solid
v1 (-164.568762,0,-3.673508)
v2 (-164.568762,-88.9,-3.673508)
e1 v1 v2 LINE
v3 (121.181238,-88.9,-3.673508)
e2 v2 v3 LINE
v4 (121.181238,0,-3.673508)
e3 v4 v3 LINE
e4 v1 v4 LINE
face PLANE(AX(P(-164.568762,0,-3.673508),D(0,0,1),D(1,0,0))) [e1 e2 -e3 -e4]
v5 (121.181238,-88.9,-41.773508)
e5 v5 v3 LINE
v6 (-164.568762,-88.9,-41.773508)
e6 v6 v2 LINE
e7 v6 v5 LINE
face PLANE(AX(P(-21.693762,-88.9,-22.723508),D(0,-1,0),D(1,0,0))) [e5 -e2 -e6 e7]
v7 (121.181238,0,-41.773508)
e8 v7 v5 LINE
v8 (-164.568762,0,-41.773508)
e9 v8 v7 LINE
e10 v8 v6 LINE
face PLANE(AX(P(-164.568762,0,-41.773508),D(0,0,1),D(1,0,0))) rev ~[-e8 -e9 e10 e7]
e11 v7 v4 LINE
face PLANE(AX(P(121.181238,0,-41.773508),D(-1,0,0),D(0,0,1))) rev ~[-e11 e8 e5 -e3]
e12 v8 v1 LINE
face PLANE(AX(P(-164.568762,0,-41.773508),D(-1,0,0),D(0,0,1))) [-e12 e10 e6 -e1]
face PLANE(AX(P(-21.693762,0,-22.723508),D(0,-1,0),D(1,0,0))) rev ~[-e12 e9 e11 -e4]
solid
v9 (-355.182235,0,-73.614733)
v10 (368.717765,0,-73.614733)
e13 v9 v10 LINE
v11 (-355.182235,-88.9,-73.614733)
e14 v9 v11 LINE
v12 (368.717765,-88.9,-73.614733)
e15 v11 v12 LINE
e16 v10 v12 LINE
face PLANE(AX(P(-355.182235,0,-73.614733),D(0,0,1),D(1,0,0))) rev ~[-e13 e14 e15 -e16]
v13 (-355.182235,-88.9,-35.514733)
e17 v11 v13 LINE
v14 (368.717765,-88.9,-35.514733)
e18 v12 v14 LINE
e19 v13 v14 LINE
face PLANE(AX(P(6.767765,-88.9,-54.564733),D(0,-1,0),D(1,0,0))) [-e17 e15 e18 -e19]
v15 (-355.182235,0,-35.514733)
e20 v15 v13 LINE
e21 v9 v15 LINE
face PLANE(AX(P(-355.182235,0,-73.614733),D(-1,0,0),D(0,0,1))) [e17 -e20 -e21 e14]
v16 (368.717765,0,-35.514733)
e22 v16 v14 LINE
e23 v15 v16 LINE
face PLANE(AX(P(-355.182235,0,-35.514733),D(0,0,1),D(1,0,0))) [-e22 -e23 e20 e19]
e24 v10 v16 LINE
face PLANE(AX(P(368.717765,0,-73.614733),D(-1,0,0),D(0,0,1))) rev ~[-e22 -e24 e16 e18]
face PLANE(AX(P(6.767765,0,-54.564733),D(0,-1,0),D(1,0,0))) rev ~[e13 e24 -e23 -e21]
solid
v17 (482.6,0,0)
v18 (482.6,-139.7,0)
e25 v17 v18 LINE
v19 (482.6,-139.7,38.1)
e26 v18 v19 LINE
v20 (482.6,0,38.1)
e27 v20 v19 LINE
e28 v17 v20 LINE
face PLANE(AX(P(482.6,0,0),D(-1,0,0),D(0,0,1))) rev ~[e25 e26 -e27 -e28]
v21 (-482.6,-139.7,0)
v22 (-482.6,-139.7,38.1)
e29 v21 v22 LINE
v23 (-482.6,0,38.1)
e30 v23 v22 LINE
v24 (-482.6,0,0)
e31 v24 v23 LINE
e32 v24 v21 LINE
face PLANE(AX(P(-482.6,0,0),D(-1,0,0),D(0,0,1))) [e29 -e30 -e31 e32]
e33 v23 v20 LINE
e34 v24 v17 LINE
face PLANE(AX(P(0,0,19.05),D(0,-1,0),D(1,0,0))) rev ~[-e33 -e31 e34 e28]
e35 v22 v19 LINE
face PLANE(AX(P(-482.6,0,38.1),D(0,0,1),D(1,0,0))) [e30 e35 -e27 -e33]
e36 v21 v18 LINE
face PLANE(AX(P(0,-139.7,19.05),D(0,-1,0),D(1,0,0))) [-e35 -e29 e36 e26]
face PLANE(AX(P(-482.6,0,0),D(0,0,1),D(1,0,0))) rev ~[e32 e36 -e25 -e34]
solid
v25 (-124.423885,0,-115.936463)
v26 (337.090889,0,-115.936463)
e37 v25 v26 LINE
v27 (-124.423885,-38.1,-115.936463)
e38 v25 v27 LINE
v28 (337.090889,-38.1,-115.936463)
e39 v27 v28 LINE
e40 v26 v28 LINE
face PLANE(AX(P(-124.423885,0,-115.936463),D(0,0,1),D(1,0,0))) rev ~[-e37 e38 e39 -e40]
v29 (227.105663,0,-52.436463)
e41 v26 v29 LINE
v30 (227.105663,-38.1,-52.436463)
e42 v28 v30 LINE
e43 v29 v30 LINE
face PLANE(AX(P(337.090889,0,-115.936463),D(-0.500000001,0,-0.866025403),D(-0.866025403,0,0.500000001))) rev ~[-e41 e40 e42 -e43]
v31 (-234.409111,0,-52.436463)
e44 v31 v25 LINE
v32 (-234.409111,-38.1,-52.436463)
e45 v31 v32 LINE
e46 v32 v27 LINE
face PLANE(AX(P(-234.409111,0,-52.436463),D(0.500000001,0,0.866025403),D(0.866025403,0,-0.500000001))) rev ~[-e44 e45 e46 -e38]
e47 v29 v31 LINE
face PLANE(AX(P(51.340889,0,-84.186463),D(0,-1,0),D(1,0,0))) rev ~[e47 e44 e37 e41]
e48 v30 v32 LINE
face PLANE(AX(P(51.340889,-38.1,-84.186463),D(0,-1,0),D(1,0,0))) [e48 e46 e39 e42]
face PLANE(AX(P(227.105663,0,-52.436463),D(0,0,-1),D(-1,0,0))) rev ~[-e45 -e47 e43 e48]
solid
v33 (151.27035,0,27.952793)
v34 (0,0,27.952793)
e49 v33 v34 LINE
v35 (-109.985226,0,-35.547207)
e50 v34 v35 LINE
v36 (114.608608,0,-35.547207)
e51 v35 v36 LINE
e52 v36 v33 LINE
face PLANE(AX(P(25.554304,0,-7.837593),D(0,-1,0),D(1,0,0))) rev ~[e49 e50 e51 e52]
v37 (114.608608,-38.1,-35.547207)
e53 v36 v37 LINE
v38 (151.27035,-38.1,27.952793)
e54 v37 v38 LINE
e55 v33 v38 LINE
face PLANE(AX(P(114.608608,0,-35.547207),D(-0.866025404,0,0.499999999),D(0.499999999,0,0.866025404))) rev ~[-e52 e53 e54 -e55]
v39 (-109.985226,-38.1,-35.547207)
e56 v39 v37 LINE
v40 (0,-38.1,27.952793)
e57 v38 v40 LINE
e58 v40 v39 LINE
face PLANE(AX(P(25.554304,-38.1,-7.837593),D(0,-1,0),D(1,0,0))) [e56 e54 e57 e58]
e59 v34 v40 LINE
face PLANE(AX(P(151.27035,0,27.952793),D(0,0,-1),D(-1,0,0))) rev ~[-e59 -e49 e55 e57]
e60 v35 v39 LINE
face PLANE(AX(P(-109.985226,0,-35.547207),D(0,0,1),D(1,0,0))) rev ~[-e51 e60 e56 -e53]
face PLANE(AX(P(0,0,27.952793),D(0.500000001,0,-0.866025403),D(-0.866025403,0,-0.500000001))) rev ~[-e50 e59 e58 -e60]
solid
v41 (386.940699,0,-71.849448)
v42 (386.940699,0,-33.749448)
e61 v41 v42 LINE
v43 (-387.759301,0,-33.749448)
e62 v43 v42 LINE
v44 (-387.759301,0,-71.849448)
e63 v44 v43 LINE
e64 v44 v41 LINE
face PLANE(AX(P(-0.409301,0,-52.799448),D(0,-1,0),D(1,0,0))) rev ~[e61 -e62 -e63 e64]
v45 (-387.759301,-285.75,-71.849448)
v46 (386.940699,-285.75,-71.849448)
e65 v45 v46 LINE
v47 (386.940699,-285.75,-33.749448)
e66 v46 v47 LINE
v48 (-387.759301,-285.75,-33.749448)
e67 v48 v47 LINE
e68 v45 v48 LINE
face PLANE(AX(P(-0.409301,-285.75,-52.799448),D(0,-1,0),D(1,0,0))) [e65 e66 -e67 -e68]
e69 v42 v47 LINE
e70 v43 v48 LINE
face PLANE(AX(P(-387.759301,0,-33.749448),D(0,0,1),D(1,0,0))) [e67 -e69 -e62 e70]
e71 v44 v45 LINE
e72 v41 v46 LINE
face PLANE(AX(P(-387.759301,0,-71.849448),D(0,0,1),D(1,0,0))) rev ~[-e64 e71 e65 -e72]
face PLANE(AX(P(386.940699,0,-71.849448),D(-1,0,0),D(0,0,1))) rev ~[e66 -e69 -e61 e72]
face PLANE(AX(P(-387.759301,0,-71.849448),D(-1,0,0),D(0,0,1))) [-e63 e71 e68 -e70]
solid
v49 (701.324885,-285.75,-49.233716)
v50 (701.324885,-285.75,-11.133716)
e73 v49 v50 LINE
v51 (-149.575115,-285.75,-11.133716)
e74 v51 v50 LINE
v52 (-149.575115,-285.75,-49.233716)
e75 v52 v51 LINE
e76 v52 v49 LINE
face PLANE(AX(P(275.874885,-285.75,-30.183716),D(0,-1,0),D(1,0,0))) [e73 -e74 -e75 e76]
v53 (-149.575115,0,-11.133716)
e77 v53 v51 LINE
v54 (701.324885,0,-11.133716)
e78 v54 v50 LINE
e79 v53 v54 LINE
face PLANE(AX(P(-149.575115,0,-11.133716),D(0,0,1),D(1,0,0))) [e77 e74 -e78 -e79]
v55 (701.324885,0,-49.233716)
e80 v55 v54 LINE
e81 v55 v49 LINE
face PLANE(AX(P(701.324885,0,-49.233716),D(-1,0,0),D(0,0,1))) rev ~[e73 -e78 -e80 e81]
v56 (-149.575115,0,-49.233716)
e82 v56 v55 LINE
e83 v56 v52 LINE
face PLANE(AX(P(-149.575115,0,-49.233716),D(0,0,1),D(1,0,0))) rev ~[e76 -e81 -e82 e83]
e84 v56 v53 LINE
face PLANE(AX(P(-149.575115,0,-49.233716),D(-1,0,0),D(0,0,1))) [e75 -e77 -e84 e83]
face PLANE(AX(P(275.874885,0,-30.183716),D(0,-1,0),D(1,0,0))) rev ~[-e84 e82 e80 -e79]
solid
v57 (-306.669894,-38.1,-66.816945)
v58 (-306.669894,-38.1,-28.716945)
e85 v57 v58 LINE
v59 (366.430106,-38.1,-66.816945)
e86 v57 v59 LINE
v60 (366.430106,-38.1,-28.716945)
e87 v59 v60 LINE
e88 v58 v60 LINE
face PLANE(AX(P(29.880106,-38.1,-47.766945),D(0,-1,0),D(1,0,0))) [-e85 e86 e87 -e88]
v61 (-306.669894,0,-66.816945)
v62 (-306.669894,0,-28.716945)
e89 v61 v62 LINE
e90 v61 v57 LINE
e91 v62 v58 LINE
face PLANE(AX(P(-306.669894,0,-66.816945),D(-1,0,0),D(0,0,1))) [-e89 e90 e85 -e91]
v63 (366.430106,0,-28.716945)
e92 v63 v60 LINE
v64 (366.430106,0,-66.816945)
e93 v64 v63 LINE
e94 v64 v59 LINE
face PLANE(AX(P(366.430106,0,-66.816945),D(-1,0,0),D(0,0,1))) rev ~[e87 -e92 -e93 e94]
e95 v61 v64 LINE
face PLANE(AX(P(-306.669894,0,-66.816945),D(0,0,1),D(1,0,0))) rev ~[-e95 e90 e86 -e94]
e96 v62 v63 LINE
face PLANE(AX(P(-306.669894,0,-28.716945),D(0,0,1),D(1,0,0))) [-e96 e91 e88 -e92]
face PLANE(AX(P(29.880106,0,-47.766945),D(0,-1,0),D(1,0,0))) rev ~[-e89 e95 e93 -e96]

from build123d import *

# Parameters (mm, degrees)
F0_W      = 965.2
F0_H      = 38.1
F1_DEPTH  = 139.7
F10_W     = 723.9
F10_H     = 38.1
F11_DEPTH = 88.9
F12_W     = 850.9
F12_H     = 38.1
F13_DEPTH = 285.75
F14_W     = 774.7
F14_H     = 38.1
F15_DEPTH = 285.75
F16_W     = 285.75
F16_H     = 38.1
F17_DEPTH = 88.9
F18_W     = 673.1
F18_H     = 38.1
F19_DEPTH = 38.1
F21_DEPTH = 38.1
F25_DEPTH = 38.1


with BuildPart() as f1:
    # F0 (on Front) → F1 (new body)
    with BuildSketch(Plane.XZ):
        with Locations((0, 19.05)):
            Rectangle(F0_W, F0_H)
    extrude(amount=F1_DEPTH)


with BuildPart() as f2_1:
    # F2: copy of F1
    add(f1.part)


with BuildPart() as f4_1:
    # F4: copy of F1
    add(f1.part)


with BuildPart() as f5_1:
    # F5: copy of F4_1
    add(f4_1.part)


with BuildPart() as f6_1:
    # F6: copy of F5_1
    add(f5_1.part)


with BuildPart() as f11:
    # F10 (on Front) → F11 (new body)
    with BuildSketch(Plane.XZ):
        with Locations((6.767765, -54.564733)):
            Rectangle(F10_W, F10_H)
    extrude(amount=F11_DEPTH)


with BuildPart() as f13:
    # F12 (on Front) → F13 (new body)
    with BuildSketch(Plane.XZ):
        with Locations((275.874885, -30.183716)):
            Rectangle(F12_W, F12_H)
    extrude(amount=F13_DEPTH)


with BuildPart() as f15:
    # F14 (on Front) → F15 (new body)
    with BuildSketch(Plane.XZ):
        with Locations((-0.409301, -52.799448)):
            Rectangle(F14_W, F14_H)
    extrude(amount=F15_DEPTH)


with BuildPart() as f17:
    # F16 (on Front) → F17 (new body)
    with BuildSketch(Plane.XZ):
        with Locations((-21.693762, -22.723508)):
            Rectangle(F16_W, F16_H)
    extrude(amount=F17_DEPTH)


with BuildPart() as f19:
    # F18 (on Front) → F19 (new body)
    with BuildSketch(Plane.XZ):
        with Locations((29.880106, -47.766945)):
            Rectangle(F18_W, F18_H)
    extrude(amount=F19_DEPTH)


with BuildPart() as f21:
    # F20 (on Front) → F21 (new body)
    with BuildSketch(Plane.XZ):
        Polygon((0, 27.952793), (-109.985226, -35.547207), (114.608608, -35.547207), (151.27035, 27.952793), align=None)
    extrude(amount=F21_DEPTH)


with BuildPart() as f22_1:
    # F22: copy of F21
    add(f21.part)


with BuildPart() as f25:
    # F24 (on Front) → F25 (new body)
    with BuildSketch(Plane.XZ):
        Polygon((-124.423885, -115.936463), (337.090889, -115.936463), (227.105663, -52.436463), (-234.409111, -52.436463), align=None)
    extrude(amount=F25_DEPTH)


solid = Compound([f1.part, f11.part, f13.part, f15.part, f17.part, f19.part, f22_1.part, f25.part])
